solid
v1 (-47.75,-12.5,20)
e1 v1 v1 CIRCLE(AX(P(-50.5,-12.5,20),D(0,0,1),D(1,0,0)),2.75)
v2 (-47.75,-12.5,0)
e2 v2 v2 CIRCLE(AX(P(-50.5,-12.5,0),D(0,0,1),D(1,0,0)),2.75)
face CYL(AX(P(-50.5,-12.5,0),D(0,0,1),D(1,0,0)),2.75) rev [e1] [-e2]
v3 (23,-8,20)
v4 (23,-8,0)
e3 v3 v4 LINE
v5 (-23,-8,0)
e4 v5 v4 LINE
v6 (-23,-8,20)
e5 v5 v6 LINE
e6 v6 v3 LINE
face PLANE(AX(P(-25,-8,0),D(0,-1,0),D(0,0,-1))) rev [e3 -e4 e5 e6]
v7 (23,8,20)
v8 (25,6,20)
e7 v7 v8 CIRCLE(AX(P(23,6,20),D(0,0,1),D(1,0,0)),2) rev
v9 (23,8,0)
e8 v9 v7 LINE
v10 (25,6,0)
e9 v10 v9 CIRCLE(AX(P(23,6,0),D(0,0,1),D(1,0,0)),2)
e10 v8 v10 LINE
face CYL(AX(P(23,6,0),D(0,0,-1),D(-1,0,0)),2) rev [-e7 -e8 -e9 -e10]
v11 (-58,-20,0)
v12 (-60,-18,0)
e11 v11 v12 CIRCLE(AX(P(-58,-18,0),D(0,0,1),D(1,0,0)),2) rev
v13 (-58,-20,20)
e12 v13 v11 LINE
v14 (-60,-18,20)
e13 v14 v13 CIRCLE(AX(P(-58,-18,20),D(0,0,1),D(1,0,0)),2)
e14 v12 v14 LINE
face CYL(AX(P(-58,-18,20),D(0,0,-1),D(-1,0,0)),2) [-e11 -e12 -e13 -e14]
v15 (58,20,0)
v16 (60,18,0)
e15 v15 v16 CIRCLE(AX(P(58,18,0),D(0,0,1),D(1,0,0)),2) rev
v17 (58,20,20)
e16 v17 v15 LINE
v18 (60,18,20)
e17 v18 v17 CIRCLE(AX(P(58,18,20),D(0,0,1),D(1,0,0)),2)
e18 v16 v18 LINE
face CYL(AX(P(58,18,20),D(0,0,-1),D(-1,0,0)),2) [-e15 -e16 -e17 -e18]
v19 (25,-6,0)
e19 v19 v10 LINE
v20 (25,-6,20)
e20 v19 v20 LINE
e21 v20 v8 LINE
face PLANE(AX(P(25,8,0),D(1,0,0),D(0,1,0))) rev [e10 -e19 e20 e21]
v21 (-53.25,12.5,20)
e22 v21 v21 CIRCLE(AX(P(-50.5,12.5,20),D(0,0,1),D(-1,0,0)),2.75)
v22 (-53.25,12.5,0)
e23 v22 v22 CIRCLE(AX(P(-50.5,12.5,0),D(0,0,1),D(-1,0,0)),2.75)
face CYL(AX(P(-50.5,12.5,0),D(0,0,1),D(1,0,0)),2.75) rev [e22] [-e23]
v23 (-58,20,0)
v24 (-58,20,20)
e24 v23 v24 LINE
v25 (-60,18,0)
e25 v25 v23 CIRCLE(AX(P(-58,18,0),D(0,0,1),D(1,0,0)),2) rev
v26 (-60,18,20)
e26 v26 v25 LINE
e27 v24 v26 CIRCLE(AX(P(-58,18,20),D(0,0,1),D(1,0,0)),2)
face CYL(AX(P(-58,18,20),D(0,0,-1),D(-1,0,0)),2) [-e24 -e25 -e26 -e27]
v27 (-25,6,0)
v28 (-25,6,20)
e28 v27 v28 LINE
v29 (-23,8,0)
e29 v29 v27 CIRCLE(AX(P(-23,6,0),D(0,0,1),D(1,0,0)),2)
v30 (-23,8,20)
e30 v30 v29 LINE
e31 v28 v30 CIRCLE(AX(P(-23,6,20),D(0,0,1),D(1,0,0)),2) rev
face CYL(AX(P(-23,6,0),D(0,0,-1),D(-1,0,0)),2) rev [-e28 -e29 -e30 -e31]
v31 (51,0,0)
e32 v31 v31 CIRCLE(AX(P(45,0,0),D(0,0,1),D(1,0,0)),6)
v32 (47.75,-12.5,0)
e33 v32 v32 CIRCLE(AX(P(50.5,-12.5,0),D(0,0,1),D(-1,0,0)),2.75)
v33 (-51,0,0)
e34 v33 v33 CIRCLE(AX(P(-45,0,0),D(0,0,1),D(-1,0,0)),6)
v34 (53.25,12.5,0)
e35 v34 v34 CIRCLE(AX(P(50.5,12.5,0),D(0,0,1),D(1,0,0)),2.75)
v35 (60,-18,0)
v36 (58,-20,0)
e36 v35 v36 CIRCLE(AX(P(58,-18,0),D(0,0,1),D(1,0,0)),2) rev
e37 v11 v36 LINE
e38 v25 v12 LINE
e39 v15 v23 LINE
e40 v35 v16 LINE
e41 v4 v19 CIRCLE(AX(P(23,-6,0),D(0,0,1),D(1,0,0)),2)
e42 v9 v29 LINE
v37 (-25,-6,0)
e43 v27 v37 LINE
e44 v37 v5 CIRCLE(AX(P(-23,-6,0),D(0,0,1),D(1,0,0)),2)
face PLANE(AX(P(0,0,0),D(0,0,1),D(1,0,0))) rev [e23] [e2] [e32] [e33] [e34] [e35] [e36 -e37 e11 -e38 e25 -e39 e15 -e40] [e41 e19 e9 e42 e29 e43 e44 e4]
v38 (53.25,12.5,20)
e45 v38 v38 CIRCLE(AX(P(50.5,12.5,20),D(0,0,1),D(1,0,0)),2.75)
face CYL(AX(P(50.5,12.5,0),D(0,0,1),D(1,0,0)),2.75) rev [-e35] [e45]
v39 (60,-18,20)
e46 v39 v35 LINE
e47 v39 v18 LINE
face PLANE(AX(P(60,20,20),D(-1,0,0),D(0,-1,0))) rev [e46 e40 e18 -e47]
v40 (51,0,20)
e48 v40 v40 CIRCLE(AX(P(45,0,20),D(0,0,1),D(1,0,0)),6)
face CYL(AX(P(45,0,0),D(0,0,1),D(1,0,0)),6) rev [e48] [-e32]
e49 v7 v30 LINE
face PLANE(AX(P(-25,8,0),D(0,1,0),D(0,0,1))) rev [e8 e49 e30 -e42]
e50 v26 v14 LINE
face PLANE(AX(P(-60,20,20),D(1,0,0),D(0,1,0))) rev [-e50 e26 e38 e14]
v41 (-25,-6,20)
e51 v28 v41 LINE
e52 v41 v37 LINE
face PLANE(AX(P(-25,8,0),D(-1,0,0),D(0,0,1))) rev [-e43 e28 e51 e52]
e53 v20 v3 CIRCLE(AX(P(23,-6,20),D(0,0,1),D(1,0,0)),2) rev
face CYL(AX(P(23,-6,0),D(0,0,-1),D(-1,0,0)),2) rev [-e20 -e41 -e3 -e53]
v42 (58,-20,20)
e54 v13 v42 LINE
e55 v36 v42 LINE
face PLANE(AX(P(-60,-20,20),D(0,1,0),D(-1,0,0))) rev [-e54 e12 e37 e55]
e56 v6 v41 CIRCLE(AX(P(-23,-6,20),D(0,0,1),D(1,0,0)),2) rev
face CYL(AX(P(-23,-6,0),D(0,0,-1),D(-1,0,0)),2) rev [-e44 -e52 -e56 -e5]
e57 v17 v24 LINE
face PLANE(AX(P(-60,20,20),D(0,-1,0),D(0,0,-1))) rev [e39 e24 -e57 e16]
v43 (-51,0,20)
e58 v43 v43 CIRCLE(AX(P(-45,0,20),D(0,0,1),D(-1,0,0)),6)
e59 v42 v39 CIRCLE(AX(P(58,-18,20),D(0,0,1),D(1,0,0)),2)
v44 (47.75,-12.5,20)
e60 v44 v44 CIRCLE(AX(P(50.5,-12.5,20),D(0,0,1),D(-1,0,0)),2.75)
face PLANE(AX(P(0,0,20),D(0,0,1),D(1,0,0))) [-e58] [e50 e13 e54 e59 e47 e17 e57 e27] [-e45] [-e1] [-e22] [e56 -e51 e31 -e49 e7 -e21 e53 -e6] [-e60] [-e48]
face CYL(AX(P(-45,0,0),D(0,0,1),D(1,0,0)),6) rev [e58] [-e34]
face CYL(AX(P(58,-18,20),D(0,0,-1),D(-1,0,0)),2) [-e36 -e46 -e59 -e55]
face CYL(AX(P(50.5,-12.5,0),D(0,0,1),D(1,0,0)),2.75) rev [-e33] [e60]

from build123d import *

# Parameters (mm, degrees)
SKETCH_1_W          = 120
SKETCH_1_H          = 40
EXTRUDE_1_DEPTH     = 20
SKETCH_2_R          = 6
SKETCH_2_R_2        = 2.75
CUT_EXTRUDE_1_DEPTH = 20
FILLET_1_R          = 2
SKETCH_3_W          = 50
SKETCH_3_H          = 16
CUT_EXTRUDE_2_DEPTH = 67.332495807
FILLET_2_R          = 2


with BuildPart() as part:
    # 草图1 → 凸台-拉伸1 (new body)
    with BuildSketch(Plane.XY):
        Rectangle(SKETCH_1_W, SKETCH_1_H)
    extrude(amount=EXTRUDE_1_DEPTH)

    # 草图2 → 切除-拉伸1 (cut)
    with BuildSketch(Plane.XY.offset(20)):
        with Locations((45, 0)):
            Circle(SKETCH_2_R)
        with Locations((50.5, 12.5)):
            Circle(SKETCH_2_R_2)
        with Locations(Location((50.5, -12.5, 0), (0, 0, 180))):
            Circle(SKETCH_2_R_2)
        with Locations((-50.5, -12.5)):
            Circle(SKETCH_2_R_2)
        with Locations(Location((-50.5, 12.5, 0), (0, 0, 180))):
            Circle(SKETCH_2_R_2)
        with Locations(Location((-45, 0, 0), (0, 0, 180))):
            Circle(SKETCH_2_R)
    extrude(amount=-CUT_EXTRUDE_1_DEPTH, mode=Mode.SUBTRACT)

    # 圆角1
    fillet_1_edges = [part.edges().sort_by_distance(p)[0] for p in [
        (-60, 20, 10),
        (60, 20, 10),
        (60, -20, 10),
        (-60, -20, 10),
    ]]
    fillet(fillet_1_edges, radius=FILLET_1_R)

    # 草图3 → 切除-拉伸2 (cut, through all)
    with BuildSketch(Plane.XY.offset(20)):
        Rectangle(SKETCH_3_W, SKETCH_3_H)
    extrude(amount=-CUT_EXTRUDE_2_DEPTH, mode=Mode.SUBTRACT)

    # 圆角2
    fillet_2_edges = [part.edges().sort_by_distance(p)[0] for p in [
        (-25, -8, 10),
        (-25, 8, 10),
        (25, 8, 10),
        (25, -8, 10),
    ]]
    fillet(fillet_2_edges, radius=FILLET_2_R)


solid = part.part
